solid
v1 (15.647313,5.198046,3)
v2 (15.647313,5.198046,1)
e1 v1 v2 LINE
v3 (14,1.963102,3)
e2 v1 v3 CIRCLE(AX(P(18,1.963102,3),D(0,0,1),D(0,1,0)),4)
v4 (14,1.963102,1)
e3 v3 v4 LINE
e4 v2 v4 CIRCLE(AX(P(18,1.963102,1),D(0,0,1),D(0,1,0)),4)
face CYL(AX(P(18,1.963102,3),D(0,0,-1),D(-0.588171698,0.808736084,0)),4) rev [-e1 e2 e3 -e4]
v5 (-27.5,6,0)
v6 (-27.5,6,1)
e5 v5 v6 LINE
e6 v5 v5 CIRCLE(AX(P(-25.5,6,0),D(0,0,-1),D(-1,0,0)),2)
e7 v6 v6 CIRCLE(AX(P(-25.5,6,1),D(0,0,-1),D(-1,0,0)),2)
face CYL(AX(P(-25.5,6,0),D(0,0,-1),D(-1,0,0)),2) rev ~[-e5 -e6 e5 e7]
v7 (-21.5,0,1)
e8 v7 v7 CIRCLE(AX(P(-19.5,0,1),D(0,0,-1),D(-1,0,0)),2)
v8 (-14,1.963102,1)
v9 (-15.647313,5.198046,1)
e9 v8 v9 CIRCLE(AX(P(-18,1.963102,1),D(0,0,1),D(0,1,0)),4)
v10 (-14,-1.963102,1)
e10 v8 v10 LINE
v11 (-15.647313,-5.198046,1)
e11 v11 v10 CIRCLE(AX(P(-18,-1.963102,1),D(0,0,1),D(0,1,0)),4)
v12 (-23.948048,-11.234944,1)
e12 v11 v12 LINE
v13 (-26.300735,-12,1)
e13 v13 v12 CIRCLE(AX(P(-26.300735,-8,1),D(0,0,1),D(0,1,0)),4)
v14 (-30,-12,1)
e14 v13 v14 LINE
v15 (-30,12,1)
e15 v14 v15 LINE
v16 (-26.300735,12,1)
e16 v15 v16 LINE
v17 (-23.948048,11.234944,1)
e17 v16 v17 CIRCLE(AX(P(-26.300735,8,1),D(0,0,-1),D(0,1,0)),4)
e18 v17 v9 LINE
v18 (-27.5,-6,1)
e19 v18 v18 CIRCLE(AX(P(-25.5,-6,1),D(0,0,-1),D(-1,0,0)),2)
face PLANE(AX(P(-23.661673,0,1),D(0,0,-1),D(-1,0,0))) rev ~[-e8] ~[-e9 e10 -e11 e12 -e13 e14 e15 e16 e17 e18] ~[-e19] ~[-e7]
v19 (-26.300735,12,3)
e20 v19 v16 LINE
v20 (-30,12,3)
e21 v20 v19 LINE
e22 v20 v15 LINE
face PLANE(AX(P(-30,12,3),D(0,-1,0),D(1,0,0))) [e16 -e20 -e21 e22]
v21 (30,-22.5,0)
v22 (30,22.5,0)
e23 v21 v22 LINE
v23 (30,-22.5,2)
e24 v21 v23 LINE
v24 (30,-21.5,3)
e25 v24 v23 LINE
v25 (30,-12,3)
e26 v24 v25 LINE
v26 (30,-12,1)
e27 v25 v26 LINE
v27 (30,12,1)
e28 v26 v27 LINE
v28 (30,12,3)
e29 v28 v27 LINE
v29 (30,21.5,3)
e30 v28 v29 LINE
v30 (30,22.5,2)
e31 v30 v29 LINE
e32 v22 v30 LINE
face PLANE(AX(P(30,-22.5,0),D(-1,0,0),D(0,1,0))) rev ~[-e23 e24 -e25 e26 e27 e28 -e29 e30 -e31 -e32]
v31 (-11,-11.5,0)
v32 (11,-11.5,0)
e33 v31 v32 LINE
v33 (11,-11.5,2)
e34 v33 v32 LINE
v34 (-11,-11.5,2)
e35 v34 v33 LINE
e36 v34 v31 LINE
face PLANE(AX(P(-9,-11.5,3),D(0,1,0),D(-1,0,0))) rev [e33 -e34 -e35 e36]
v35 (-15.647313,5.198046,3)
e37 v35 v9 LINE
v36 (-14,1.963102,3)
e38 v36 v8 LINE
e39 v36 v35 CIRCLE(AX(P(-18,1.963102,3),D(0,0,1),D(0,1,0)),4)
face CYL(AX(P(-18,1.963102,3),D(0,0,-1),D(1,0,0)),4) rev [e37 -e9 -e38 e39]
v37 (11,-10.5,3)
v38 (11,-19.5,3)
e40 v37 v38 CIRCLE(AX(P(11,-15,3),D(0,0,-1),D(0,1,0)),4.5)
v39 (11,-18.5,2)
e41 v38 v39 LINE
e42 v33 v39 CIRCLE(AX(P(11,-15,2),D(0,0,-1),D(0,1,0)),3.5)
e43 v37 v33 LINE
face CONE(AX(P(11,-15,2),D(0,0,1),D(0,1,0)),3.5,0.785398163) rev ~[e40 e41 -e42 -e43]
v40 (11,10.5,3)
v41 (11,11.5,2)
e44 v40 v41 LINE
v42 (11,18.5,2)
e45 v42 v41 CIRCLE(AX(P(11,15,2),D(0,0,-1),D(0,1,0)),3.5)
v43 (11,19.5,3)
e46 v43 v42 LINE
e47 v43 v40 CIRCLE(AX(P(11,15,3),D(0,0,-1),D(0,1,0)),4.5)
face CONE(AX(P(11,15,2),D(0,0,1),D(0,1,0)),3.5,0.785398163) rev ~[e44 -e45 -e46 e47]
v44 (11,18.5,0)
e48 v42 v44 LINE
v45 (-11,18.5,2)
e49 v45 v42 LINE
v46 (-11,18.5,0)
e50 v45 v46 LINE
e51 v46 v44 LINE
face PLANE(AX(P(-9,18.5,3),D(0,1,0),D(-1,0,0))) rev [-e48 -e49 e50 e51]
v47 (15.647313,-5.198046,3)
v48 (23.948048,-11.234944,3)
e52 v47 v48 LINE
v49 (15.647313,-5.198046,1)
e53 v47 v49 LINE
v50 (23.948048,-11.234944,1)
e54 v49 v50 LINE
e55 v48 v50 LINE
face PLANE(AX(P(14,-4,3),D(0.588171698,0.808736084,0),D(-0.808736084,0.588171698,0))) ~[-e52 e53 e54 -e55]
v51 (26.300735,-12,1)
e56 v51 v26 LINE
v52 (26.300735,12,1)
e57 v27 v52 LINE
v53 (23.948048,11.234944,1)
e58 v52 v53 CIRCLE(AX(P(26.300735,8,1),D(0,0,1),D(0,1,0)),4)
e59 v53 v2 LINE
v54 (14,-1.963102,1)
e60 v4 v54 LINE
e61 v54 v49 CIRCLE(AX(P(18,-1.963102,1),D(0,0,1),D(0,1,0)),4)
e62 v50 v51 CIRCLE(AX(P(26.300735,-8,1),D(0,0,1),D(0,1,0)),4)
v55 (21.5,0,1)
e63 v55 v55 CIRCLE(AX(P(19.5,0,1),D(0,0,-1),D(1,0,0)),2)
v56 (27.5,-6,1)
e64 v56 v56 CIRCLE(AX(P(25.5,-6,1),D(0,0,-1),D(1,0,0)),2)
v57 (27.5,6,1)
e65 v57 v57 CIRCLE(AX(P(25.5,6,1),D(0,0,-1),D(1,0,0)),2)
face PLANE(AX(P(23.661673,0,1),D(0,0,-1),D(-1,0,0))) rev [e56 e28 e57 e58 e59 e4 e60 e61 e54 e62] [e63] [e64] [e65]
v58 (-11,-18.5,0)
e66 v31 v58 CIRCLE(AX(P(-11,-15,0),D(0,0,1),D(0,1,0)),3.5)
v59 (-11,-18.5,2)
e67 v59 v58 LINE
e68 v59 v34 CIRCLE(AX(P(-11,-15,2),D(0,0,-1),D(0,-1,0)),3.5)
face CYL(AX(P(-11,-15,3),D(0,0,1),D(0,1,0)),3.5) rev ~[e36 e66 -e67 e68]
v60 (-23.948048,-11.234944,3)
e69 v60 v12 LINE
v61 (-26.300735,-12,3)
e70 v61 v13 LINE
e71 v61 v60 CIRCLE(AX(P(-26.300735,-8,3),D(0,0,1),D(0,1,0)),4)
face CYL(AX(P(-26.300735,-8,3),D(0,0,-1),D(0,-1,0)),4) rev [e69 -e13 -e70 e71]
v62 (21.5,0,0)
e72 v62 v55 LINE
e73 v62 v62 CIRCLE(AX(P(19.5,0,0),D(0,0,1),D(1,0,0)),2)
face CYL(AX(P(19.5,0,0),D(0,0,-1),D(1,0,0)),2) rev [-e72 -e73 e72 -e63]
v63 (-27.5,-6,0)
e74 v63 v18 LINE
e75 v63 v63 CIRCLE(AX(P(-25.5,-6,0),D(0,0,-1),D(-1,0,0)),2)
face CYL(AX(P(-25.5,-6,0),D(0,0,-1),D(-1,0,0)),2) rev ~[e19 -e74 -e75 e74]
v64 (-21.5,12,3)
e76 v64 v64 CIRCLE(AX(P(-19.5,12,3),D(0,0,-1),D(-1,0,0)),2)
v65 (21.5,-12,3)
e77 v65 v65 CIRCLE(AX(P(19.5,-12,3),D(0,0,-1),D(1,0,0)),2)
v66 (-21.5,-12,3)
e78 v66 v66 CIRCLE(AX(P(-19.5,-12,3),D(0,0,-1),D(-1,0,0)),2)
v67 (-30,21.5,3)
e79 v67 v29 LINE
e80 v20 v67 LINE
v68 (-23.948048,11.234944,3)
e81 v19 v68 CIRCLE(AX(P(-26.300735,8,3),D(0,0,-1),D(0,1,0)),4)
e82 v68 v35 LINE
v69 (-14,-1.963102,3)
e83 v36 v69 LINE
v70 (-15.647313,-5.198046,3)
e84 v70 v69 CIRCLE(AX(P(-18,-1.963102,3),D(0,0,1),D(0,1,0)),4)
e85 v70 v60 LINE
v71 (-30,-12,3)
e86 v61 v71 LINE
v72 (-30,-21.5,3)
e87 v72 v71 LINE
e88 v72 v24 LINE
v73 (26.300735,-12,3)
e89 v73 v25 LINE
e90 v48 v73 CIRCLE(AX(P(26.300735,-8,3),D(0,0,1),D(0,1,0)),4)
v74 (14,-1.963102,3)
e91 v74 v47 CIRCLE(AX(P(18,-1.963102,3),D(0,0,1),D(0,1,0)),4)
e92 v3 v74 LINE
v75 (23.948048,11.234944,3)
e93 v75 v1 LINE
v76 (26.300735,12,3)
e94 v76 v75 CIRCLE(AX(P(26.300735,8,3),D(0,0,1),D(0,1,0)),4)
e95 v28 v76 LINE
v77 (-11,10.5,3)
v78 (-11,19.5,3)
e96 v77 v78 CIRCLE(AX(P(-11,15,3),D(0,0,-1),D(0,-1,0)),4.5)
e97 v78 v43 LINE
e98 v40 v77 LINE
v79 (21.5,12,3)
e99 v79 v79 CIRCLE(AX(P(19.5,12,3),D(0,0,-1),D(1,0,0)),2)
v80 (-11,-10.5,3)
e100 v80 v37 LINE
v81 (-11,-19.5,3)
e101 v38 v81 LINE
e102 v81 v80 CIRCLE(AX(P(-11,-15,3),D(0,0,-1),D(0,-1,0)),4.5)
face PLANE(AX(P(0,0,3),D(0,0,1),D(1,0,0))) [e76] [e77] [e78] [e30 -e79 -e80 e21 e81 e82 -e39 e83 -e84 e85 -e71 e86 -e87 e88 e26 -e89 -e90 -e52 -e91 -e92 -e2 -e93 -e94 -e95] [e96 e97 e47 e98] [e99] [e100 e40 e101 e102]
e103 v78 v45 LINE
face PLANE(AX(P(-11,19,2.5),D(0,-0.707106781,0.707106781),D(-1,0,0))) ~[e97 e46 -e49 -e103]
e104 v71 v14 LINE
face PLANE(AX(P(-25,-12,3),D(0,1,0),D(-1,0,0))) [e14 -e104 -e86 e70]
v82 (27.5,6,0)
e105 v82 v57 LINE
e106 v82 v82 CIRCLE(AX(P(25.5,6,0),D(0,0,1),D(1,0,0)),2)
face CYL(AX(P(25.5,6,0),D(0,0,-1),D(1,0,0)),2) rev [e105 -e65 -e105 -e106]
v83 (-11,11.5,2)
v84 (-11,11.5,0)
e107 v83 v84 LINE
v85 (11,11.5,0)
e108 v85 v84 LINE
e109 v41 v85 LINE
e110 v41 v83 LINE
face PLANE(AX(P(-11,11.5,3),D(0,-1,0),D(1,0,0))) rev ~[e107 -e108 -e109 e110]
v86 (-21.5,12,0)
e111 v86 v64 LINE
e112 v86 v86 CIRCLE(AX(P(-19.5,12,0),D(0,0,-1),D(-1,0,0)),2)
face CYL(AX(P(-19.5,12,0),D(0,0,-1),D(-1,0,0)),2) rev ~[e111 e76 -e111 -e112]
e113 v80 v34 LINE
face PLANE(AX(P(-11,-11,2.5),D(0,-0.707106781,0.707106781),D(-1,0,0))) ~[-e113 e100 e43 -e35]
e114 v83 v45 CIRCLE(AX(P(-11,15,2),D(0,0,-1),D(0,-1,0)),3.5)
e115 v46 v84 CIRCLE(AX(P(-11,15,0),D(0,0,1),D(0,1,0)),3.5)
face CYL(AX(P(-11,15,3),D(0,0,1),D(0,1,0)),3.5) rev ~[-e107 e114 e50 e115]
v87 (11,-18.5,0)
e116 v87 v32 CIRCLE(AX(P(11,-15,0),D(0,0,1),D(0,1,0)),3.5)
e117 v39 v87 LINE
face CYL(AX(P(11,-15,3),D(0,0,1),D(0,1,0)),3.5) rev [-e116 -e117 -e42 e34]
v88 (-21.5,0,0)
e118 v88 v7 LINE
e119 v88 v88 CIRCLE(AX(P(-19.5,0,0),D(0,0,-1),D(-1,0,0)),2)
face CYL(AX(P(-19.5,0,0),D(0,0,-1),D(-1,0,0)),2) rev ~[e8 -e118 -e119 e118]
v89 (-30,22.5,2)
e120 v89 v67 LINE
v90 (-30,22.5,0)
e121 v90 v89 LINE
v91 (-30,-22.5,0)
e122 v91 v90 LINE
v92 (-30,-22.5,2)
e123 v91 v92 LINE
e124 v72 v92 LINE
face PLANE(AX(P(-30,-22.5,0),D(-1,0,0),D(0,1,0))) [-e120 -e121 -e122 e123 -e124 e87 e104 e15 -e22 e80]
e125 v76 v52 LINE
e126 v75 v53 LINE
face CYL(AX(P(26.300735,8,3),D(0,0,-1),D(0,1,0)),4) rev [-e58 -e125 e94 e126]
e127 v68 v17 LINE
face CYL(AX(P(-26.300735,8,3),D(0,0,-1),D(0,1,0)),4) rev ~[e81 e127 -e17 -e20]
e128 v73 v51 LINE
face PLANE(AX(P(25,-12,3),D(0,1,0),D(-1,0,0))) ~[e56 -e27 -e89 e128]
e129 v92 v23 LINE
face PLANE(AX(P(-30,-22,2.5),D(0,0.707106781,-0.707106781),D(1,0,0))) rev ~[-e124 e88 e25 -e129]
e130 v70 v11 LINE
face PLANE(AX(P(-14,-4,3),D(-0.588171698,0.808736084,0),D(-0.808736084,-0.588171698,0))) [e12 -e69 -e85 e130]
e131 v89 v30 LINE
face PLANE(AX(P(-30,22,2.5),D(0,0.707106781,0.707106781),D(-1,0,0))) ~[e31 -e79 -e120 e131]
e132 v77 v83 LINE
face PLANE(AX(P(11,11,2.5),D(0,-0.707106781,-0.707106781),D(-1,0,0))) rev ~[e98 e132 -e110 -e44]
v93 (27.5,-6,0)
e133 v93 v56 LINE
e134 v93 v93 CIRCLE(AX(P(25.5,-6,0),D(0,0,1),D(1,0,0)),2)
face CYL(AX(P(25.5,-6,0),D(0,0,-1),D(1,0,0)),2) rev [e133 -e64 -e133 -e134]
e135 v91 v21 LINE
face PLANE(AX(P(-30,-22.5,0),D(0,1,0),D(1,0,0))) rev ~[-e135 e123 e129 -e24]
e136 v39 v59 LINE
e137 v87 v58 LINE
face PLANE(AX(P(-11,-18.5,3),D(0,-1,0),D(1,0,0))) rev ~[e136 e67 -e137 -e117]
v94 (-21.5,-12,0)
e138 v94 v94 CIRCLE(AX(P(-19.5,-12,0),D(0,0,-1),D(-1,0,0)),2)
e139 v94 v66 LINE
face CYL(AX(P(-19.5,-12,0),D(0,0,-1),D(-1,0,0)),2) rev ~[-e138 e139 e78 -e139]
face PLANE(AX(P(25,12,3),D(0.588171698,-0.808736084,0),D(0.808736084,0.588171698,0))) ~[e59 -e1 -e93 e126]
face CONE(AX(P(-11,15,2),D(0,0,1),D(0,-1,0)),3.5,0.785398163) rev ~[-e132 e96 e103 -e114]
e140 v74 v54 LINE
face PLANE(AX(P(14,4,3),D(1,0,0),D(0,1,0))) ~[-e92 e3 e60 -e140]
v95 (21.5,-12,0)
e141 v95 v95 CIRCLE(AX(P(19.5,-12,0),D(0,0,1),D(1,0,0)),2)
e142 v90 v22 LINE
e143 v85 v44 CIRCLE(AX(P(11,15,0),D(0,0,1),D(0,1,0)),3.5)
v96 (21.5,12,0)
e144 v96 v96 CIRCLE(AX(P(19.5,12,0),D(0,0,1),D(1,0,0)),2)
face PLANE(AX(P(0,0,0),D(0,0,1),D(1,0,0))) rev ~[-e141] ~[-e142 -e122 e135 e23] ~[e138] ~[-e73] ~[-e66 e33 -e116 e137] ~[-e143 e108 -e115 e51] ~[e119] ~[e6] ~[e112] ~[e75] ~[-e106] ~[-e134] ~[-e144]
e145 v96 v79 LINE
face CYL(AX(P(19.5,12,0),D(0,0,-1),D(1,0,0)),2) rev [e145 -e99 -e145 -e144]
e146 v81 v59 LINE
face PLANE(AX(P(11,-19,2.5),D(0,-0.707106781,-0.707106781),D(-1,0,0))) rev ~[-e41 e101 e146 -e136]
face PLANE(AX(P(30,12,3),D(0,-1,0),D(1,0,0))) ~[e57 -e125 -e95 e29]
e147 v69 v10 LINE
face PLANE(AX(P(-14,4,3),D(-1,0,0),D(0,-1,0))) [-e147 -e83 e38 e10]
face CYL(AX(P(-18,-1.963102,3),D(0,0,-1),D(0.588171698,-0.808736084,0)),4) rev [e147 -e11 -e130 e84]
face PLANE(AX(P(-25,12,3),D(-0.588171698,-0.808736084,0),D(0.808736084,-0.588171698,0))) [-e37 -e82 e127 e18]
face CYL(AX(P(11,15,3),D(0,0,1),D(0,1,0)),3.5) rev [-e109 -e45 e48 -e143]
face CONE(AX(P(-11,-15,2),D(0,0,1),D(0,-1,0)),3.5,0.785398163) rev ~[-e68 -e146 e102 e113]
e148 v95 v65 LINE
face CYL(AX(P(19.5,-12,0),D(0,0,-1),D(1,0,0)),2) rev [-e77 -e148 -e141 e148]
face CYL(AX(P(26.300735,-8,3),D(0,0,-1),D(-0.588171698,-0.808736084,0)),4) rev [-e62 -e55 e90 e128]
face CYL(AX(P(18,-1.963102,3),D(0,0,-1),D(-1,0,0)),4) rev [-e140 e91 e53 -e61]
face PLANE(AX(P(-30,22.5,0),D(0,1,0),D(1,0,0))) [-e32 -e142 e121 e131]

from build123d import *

# Parameters (mm, degrees)
SKETCH1_W            = 60
SKETCH1_H            = 45
BOSS_EXTRUDE1_DEPTH  = 3
SKETCH2_R            = 2
CUT_EXTRUDE1_DEPTH   = 5
CUT_EXTRUDE5_DEPTH   = 2
CUT_EXTRUDE4_DEPTH   = 5
CHAMFER2_SIZE        = 1
FILLET1_R            = 4
FILLET1_OF_MIRROR4_R = 4
CHAMFER1_SIZE        = 1


with BuildPart() as part:
    # Sketch1 → Boss-Extrude1 (new body)
    with BuildSketch(Plane.XY):
        Rectangle(SKETCH1_W, SKETCH1_H)
    extrude(amount=BOSS_EXTRUDE1_DEPTH)

    # Sketch2 → Cut-Extrude1 (cut)
    with BuildSketch(Plane(origin=(0, 0, 0), x_dir=(-1, 0, 0), z_dir=(0, 0, -1))):
        with Locations((19.5, 0)):
            Circle(SKETCH2_R)
        with Locations((25.5, 6)):
            Circle(SKETCH2_R)
        with Locations((25.5, -6)):
            Circle(SKETCH2_R)
        with Locations((19.5, -12)):
            Circle(SKETCH2_R)
        with Locations((19.5, 12)):
            Circle(SKETCH2_R)
    cut_extrude1 = extrude(amount=-CUT_EXTRUDE1_DEPTH, mode=Mode.SUBTRACT)

    # Sketch8 → Cut-Extrude5 (cut)
    with BuildSketch(Plane.XY.offset(3)):
        Polygon((-14, 4), (-14, -4), (-25, -12), (-30, -12), (-30, 12), (-25, 12), align=None)
    cut_extrude5 = extrude(amount=-CUT_EXTRUDE5_DEPTH, mode=Mode.SUBTRACT)

    # Sketch7 → Cut-Extrude4 (cut)
    with BuildSketch(Plane.XY.offset(3)):
        with BuildLine():
            Line((-11, -18.5), (9, -18.5))
            Line((9, -18.5), (9, -11.5))
            Line((9, -11.5), (-11, -11.5))
            ThreePointArc((-11, -11.5), (-14.5, -15), (-11, -18.5))
        make_face()
        with BuildLine():
            Line((-11, 11.5), (9, 11.5))
            Line((9, 11.5), (9, 18.5))
            Line((9, 18.5), (-11, 18.5))
            ThreePointArc((-11, 18.5), (-14.5, 15), (-11, 11.5))
        make_face()
    cut_extrude4 = extrude(amount=-CUT_EXTRUDE4_DEPTH, mode=Mode.SUBTRACT)

    # Chamfer2
    chamfer2_edges = [part.edges().sort_by_distance(p)[0] for p in [
        (0, -22.5, 3),
        (0, 22.5, 3),
    ]]
    chamfer(chamfer2_edges, length=CHAMFER2_SIZE)

    # Fillet1
    fillet1_edges = [part.edges().sort_by_distance(p)[0] for p in [
        (-25, 12, 2),
        (-14, 4, 2),
        (-14, -4, 2),
        (-25, -12, 2),
    ]]
    fillet(fillet1_edges, radius=FILLET1_R)

    # Mirror4: Cut-Extrude1, Cut-Extrude5, Cut-Extrude4 across plane
    add(cut_extrude1.mirror(Plane(origin=(0, 0, 0), x_dir=(0, 0, 1), z_dir=(1, 0, 0))), mode=Mode.SUBTRACT)
    add(cut_extrude5.mirror(Plane(origin=(0, 0, 0), x_dir=(0, 0, 1), z_dir=(1, 0, 0))), mode=Mode.SUBTRACT)
    add(cut_extrude4.mirror(Plane(origin=(0, 0, 0), x_dir=(0, 0, 1), z_dir=(1, 0, 0))), mode=Mode.SUBTRACT)

    # Fillet1 of Mirror4
    fillet1_of_mirror4_edges = [part.edges().sort_by_distance(p)[0] for p in [
        (25, 12, 2),
        (14, 4, 2),
        (14, -4, 2),
        (25, -12, 2),
    ]]
    fillet(fillet1_of_mirror4_edges, radius=FILLET1_OF_MIRROR4_R)

    # Chamfer1
    chamfer1_edges = [part.edges().sort_by_distance(p)[0] for p in [
        (14.5, -15, 3),
        (14.5, 15, 3),
        (-14.5, -15, 3),
        (0, -18.5, 3),
        (0, -11.5, 3),
        (0, 18.5, 3),
        (-14.5, 15, 3),
        (0, 11.5, 3),
    ]]
    chamfer(chamfer1_edges, length=CHAMFER1_SIZE)


solid = part.part
